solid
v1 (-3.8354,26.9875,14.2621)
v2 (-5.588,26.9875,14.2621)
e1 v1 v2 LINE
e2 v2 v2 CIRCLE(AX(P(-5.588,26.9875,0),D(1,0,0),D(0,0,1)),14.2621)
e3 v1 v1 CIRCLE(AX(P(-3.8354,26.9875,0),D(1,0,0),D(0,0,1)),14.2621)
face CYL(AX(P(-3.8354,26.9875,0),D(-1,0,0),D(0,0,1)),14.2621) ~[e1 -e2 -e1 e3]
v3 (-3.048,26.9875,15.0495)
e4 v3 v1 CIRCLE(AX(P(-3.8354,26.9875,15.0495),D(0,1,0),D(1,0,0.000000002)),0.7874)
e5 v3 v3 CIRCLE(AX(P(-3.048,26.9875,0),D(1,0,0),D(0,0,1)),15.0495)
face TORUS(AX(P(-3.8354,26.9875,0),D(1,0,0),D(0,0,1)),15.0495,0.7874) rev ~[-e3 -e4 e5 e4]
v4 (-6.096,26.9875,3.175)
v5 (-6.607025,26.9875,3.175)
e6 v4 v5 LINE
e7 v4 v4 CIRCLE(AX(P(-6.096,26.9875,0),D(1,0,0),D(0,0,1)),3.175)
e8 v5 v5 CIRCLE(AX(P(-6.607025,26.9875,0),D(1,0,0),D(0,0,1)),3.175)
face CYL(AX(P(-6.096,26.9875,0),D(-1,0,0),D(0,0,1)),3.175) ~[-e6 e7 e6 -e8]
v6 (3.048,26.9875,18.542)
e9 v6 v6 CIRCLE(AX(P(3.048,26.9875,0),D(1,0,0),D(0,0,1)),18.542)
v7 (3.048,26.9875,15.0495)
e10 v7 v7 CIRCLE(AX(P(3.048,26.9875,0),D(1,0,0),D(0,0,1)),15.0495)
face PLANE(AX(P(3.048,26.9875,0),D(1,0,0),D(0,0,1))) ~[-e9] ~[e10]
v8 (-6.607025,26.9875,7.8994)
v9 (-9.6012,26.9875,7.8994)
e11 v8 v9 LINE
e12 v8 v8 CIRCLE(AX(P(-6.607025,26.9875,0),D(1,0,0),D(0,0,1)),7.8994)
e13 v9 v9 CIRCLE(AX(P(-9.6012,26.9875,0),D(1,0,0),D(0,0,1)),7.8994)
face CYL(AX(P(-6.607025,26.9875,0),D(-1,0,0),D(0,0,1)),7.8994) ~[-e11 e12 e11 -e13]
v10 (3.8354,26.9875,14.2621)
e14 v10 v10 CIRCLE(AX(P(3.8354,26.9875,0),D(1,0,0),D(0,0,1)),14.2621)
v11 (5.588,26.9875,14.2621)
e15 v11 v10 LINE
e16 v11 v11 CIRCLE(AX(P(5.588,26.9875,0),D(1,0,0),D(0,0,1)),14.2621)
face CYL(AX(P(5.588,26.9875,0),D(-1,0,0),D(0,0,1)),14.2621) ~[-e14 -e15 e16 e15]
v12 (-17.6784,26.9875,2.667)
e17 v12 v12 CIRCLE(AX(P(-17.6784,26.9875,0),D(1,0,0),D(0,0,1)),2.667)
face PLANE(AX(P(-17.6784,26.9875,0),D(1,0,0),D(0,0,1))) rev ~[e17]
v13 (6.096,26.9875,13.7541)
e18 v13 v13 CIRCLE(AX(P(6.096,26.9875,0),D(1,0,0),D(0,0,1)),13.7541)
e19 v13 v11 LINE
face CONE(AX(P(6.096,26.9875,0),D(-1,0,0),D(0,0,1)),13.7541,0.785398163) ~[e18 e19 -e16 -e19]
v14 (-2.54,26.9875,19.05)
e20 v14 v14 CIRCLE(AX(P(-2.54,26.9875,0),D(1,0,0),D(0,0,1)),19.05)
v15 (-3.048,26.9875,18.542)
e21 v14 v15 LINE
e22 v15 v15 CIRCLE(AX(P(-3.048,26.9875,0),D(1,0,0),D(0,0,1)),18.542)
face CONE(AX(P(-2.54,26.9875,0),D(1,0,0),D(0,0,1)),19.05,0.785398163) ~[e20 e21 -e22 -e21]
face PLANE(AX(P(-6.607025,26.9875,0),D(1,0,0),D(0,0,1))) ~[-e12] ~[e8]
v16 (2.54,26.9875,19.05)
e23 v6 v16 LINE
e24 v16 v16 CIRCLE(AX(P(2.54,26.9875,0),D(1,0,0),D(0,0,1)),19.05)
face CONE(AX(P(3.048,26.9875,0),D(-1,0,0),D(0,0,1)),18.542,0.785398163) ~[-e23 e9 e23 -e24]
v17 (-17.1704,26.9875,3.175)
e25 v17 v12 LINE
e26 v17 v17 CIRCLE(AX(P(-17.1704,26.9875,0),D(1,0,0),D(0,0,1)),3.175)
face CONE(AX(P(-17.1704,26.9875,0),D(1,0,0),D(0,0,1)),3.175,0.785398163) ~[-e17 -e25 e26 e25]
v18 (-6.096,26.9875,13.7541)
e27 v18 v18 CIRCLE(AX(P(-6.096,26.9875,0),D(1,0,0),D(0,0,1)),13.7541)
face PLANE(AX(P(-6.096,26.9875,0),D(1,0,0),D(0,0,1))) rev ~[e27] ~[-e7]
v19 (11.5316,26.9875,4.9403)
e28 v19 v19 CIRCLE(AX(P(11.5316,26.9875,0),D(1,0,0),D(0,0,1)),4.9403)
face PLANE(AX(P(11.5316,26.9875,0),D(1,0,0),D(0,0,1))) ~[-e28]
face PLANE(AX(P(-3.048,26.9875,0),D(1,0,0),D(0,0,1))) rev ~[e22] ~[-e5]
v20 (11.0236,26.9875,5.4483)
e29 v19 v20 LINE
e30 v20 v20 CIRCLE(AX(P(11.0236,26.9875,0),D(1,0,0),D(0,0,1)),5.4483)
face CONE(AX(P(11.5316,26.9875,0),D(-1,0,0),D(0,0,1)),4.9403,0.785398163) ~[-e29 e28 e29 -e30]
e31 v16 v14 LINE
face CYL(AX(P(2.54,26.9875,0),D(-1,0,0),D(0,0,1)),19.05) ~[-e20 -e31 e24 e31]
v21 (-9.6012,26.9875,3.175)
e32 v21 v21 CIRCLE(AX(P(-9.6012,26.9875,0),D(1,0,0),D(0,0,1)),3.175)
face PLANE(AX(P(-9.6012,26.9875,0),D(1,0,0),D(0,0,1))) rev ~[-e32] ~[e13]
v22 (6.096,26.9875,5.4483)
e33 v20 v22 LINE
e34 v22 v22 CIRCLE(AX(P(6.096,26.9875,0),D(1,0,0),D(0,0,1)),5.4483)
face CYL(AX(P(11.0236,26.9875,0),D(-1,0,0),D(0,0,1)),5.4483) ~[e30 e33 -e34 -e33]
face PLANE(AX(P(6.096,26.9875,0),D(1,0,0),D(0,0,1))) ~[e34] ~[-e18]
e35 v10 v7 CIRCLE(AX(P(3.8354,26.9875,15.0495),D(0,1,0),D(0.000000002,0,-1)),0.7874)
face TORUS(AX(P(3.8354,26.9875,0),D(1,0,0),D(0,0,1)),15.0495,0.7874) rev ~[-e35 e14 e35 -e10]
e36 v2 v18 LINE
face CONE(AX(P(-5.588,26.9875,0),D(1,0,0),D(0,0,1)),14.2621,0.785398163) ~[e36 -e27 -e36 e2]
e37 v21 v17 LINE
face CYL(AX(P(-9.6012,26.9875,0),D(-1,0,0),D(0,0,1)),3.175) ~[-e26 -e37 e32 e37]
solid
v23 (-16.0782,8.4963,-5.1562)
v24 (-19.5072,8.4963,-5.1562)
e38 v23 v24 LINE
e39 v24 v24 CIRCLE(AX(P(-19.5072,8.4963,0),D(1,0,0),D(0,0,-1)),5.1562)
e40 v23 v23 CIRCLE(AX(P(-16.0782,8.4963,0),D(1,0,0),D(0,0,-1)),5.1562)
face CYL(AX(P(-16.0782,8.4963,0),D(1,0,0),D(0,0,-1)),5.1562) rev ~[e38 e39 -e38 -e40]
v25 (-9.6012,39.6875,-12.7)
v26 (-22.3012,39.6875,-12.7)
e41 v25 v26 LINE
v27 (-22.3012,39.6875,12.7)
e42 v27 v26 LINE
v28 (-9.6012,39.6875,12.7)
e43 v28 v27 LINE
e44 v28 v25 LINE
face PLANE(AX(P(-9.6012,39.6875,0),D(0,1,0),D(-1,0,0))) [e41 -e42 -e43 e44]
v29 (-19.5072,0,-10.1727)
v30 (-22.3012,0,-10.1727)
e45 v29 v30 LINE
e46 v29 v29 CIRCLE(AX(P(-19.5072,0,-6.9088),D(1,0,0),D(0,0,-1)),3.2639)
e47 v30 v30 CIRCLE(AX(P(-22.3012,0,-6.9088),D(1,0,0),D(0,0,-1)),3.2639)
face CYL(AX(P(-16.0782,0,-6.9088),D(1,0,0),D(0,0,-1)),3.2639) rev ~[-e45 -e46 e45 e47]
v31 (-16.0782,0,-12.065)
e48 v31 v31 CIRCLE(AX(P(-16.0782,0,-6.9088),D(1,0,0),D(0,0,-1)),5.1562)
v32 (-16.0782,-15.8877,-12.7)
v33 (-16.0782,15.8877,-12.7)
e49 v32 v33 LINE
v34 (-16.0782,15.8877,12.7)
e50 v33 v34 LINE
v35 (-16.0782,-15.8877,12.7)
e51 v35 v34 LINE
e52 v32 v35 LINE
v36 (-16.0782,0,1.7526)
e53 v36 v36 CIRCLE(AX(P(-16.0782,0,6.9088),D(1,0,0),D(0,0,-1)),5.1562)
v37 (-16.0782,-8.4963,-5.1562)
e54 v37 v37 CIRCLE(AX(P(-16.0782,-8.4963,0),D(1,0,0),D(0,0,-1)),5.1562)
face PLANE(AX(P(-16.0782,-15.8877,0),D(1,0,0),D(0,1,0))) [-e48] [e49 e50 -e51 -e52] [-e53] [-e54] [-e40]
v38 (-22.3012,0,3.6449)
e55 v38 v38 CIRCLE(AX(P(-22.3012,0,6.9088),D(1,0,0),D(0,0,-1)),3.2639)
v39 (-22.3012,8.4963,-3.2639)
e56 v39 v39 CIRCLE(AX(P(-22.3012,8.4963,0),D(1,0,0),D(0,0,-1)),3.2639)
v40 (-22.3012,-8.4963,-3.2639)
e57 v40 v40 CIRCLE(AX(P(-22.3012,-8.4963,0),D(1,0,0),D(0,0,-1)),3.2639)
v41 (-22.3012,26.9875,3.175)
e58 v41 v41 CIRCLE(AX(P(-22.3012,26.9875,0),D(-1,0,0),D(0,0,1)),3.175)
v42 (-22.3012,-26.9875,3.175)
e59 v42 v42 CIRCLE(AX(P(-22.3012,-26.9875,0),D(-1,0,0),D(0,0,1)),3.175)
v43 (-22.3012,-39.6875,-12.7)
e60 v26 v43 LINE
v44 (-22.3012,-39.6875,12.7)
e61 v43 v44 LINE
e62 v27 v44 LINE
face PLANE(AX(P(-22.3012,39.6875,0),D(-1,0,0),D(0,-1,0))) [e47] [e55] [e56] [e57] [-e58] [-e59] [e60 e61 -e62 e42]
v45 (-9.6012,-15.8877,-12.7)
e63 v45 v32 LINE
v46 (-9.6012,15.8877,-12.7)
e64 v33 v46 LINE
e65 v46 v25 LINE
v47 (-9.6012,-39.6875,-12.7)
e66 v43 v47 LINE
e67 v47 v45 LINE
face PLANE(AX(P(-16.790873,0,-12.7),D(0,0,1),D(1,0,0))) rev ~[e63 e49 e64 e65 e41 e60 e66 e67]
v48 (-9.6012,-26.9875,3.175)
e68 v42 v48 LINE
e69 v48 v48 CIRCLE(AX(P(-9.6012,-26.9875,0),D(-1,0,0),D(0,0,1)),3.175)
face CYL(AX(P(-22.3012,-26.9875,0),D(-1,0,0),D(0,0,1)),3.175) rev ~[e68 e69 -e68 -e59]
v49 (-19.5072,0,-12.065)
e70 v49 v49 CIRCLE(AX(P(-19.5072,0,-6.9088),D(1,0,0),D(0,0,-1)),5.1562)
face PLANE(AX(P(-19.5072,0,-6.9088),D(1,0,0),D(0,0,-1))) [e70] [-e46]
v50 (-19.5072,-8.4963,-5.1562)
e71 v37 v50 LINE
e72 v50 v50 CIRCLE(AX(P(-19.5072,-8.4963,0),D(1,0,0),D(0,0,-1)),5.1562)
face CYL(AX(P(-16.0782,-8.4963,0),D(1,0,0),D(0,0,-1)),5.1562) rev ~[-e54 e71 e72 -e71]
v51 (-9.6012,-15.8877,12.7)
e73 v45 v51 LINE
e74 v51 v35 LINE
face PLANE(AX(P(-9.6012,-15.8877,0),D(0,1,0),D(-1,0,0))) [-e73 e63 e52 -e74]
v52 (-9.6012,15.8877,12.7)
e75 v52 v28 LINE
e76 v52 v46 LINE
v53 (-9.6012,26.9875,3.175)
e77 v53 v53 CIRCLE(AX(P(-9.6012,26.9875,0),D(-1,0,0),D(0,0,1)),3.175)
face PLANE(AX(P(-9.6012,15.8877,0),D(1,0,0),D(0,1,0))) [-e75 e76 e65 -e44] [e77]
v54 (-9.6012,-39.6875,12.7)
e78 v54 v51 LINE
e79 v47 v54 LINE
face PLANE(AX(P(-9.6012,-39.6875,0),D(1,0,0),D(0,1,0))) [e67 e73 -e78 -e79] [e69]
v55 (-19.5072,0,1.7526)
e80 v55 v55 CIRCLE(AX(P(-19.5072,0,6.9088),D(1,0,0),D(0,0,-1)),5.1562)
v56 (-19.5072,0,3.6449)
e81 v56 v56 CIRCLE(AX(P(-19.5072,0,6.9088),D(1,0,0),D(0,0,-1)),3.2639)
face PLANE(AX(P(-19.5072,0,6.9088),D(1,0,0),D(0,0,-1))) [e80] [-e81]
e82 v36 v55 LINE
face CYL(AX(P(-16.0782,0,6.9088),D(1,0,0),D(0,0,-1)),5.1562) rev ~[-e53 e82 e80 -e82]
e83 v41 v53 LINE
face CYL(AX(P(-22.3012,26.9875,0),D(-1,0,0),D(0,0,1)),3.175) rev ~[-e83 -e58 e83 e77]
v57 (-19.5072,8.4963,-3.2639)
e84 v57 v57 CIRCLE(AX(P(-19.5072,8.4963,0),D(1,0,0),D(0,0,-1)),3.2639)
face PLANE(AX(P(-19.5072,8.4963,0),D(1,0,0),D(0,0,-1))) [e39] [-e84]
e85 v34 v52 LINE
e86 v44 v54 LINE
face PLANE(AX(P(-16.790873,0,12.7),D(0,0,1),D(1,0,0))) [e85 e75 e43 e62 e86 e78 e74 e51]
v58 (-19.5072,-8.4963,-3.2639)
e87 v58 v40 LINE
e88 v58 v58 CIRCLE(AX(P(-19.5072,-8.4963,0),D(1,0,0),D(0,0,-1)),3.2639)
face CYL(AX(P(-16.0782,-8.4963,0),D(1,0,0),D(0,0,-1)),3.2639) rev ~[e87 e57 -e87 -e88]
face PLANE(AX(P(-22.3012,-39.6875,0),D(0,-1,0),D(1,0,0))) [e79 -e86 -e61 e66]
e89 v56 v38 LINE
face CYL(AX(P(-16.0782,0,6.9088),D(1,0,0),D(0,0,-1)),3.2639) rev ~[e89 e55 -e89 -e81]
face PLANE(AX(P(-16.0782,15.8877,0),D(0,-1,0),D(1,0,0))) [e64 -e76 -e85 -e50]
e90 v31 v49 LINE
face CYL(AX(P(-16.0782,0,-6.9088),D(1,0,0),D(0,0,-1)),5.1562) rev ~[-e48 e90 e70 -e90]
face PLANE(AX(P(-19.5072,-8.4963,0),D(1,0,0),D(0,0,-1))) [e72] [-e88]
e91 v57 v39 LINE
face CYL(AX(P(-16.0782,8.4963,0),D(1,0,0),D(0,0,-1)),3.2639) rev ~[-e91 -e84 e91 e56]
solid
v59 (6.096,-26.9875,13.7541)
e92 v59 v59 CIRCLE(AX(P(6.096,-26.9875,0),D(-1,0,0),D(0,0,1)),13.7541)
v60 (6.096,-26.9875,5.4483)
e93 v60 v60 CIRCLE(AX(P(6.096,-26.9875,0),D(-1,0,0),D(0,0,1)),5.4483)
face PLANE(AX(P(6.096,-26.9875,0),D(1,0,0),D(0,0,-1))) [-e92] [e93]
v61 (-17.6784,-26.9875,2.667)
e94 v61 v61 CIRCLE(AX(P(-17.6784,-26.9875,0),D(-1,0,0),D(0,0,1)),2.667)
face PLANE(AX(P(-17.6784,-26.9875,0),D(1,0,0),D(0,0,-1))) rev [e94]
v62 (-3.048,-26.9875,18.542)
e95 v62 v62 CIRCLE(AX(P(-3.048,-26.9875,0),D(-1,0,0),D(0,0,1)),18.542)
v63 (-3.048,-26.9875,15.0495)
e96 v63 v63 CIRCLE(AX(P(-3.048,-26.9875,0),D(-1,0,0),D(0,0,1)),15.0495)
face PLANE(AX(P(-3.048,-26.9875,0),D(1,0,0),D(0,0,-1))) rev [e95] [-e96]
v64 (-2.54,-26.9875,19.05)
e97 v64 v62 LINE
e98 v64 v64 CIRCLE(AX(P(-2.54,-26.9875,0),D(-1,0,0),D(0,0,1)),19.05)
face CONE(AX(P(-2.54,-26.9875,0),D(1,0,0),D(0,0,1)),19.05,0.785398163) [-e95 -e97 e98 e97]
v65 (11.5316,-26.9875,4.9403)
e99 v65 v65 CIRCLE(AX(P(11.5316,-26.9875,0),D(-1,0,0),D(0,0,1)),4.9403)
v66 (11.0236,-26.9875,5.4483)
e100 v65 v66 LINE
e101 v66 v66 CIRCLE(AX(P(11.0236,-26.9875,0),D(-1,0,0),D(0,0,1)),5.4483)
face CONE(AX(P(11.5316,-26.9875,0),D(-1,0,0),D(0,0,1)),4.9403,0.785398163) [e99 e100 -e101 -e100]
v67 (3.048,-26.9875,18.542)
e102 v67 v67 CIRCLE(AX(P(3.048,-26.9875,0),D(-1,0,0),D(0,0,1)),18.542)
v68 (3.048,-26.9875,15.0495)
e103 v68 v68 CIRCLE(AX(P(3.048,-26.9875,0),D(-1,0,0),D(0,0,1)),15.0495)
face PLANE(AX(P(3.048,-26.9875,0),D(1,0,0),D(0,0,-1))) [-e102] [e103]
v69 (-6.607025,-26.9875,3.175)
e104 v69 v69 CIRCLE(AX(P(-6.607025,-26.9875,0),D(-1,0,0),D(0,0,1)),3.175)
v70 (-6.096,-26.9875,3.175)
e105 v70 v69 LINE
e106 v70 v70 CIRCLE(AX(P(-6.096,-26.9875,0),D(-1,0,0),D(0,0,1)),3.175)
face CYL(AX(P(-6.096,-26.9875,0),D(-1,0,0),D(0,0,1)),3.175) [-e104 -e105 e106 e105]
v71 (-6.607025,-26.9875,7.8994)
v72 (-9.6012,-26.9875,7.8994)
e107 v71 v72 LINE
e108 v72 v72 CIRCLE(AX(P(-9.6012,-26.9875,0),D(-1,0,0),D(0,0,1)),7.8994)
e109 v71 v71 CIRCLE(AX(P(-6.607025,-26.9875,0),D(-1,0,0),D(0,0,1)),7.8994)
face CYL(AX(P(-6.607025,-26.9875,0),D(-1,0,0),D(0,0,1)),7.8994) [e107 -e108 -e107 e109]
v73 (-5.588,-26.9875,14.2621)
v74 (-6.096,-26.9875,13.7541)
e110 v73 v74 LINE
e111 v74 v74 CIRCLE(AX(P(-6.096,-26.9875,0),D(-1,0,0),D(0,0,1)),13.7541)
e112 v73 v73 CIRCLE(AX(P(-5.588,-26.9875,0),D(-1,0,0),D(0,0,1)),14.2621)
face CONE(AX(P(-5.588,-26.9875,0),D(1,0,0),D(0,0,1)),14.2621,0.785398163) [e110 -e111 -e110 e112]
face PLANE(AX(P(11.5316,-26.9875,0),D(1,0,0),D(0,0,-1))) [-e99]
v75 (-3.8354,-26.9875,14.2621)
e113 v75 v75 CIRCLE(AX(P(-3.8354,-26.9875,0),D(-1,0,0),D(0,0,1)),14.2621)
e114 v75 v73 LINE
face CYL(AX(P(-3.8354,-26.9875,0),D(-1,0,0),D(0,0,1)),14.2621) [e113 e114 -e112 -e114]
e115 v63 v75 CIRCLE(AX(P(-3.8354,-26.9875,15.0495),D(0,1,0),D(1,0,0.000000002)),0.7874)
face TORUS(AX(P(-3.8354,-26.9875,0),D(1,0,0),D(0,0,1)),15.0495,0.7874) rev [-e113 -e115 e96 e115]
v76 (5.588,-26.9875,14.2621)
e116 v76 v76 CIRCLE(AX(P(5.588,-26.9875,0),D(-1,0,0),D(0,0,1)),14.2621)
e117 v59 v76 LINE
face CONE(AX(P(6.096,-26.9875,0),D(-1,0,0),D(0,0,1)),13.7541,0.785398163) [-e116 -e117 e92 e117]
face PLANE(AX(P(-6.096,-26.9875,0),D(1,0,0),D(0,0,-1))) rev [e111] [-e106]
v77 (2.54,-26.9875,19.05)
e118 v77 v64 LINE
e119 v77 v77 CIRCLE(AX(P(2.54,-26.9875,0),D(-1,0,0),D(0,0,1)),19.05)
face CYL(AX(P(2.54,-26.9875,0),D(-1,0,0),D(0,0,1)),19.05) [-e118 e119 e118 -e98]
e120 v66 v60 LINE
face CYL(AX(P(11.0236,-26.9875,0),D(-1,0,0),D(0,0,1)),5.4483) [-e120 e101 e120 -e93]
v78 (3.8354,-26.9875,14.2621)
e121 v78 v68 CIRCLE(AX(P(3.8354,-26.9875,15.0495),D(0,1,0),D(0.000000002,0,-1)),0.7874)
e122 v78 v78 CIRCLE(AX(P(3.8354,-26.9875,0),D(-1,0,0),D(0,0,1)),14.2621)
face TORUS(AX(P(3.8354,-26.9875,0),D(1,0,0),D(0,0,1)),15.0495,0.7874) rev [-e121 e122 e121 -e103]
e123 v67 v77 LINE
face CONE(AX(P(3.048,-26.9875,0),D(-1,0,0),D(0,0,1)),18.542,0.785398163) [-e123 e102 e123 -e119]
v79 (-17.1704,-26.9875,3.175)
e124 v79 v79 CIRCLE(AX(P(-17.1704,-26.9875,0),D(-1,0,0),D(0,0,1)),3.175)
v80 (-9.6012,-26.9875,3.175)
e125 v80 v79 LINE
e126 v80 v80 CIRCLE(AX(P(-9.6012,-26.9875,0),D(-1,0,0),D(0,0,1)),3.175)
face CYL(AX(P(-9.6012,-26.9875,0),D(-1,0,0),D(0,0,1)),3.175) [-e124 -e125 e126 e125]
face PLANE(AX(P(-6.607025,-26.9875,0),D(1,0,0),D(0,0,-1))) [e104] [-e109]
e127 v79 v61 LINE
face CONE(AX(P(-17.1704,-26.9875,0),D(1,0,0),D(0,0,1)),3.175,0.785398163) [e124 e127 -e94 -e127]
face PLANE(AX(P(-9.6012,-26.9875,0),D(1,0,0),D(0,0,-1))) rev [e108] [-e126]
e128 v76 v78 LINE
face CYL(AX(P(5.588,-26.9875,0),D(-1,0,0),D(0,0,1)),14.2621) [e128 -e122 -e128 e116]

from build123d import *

# Parameters (mm, degrees)
BOSS_EXTRUDE1_DEPTH = 12.7
SKETCH3_R           = 3.175
CUT_EXTRUDE1_DEPTH  = 61.224681503
SKETCH4_R           = 3.2639
CUT_EXTRUDE2_DEPTH  = 57.961872883
SKETCH5_R           = 5.1562
CUT_EXTRUDE3_DEPTH  = 3.429


with BuildPart() as part:
    # Sketch2 → Revolve1 (revolve)
    with BuildSketch(Plane.XY, mode=Mode.PRIVATE) as revolve1_sk:
        with BuildLine():
            Line((3.048, 42.037), (3.048, 45.5295))
            Line((3.048, 45.5295), (2.54, 46.0375))
            Line((2.54, 46.0375), (-2.54, 46.0375))
            Line((-2.54, 46.0375), (-3.048, 45.5295))
            Line((-3.048, 45.5295), (-3.048, 42.037))
            ThreePointArc((-3.048, 42.037), (-3.27862412, 41.48022412), (-3.8354, 41.2496))
            Line((-3.8354, 41.2496), (-5.588, 41.2496))
            Line((-5.588, 41.2496), (-6.096, 40.7416))
            Line((-6.096, 40.7416), (-6.096, 30.1625))
            Line((-6.096, 30.1625), (-6.607025306, 30.1625))
            Line((-6.607025306, 30.1625), (-6.607025306, 34.8869))
            Line((-6.607025306, 34.8869), (-9.6012, 34.8869))
            Line((-9.6012, 34.8869), (-9.6012, 30.1625))
            Line((-9.6012, 30.1625), (-17.1704, 30.1625))
            Line((-17.1704, 30.1625), (-17.6784, 29.6545))
            Line((-17.6784, 29.6545), (-17.6784, 26.9875))
            Line((-17.6784, 26.9875), (11.5316, 26.9875))
            Line((11.5316, 26.9875), (11.5316, 31.9278))
            Line((11.5316, 31.9278), (11.0236, 32.4358))
            Line((11.0236, 32.4358), (6.096, 32.4358))
            Line((6.096, 32.4358), (6.096, 40.7416))
            Line((6.096, 40.7416), (5.588, 41.2496))
            Line((5.588, 41.2496), (3.8354, 41.2496))
            ThreePointArc((3.8354, 41.2496), (3.27862412, 41.48022412), (3.048, 42.037))
        make_face()
    revolve(revolve1_sk.sketch.rotate(Axis((-17.6784, 26.9875, 0), (1, 0, 0)), 90), axis=Axis((-17.6784, 26.9875, 0), (1, 0, 0)))


with BuildPart() as body_2:
    # Sketch1 → Boss-Extrude1 (new, symmetric)
    with BuildSketch(Plane.XY):
        Polygon((-22.3012, 39.6875), (-22.3012, -39.6875), (-9.6012, -39.6875), (-9.6012, -15.8877), (-16.0782, -15.8877), (-16.0782, 15.8877), (-9.6012, 15.8877), (-9.6012, 39.6875), align=None)
    extrude(amount=BOSS_EXTRUDE1_DEPTH, both=True)

    # Sketch3 → Cut-Extrude1 (cut, through all)
    with BuildSketch(Plane.ZY.offset(22.3012)):
        with Locations((0, 26.9875)):
            Circle(SKETCH3_R)
        with Locations((0, -26.9875)):
            Circle(SKETCH3_R)
    extrude(amount=-CUT_EXTRUDE1_DEPTH, mode=Mode.SUBTRACT)

    # Sketch4 → Cut-Extrude2 (cut, through all)
    with BuildSketch(Plane(origin=(-16.0782, 0, 0), x_dir=(0, 0, -1), z_dir=(1, 0, 0))):
        with Locations((0, 8.4963)):
            Circle(SKETCH4_R)
        with Locations((0, -8.4963)):
            Circle(SKETCH4_R)
        with Locations((-6.9088, 0)):
            Circle(SKETCH4_R)
        with Locations((6.9088, 0)):
            Circle(SKETCH4_R)
    extrude(amount=-CUT_EXTRUDE2_DEPTH, mode=Mode.SUBTRACT)

    # Sketch5 → Cut-Extrude3 (cut)
    with BuildSketch(Plane(origin=(-16.0782, 0, 0), x_dir=(0, 0, -1), z_dir=(1, 0, 0))):
        with Locations((0, 8.4963)):
            Circle(SKETCH5_R)
        with Locations((6.9088, 0)):
            Circle(SKETCH5_R)
        with Locations((-6.9088, 0)):
            Circle(SKETCH5_R)
        with Locations((0, -8.4963)):
            Circle(SKETCH5_R)
    extrude(amount=-CUT_EXTRUDE3_DEPTH, mode=Mode.SUBTRACT)


with BuildPart() as body_3:
    # Mirror1: mirrored copy
    add(part.part.mirror(Plane.ZX))


solid = Compound([part.part, body_2.part, body_3.part])
